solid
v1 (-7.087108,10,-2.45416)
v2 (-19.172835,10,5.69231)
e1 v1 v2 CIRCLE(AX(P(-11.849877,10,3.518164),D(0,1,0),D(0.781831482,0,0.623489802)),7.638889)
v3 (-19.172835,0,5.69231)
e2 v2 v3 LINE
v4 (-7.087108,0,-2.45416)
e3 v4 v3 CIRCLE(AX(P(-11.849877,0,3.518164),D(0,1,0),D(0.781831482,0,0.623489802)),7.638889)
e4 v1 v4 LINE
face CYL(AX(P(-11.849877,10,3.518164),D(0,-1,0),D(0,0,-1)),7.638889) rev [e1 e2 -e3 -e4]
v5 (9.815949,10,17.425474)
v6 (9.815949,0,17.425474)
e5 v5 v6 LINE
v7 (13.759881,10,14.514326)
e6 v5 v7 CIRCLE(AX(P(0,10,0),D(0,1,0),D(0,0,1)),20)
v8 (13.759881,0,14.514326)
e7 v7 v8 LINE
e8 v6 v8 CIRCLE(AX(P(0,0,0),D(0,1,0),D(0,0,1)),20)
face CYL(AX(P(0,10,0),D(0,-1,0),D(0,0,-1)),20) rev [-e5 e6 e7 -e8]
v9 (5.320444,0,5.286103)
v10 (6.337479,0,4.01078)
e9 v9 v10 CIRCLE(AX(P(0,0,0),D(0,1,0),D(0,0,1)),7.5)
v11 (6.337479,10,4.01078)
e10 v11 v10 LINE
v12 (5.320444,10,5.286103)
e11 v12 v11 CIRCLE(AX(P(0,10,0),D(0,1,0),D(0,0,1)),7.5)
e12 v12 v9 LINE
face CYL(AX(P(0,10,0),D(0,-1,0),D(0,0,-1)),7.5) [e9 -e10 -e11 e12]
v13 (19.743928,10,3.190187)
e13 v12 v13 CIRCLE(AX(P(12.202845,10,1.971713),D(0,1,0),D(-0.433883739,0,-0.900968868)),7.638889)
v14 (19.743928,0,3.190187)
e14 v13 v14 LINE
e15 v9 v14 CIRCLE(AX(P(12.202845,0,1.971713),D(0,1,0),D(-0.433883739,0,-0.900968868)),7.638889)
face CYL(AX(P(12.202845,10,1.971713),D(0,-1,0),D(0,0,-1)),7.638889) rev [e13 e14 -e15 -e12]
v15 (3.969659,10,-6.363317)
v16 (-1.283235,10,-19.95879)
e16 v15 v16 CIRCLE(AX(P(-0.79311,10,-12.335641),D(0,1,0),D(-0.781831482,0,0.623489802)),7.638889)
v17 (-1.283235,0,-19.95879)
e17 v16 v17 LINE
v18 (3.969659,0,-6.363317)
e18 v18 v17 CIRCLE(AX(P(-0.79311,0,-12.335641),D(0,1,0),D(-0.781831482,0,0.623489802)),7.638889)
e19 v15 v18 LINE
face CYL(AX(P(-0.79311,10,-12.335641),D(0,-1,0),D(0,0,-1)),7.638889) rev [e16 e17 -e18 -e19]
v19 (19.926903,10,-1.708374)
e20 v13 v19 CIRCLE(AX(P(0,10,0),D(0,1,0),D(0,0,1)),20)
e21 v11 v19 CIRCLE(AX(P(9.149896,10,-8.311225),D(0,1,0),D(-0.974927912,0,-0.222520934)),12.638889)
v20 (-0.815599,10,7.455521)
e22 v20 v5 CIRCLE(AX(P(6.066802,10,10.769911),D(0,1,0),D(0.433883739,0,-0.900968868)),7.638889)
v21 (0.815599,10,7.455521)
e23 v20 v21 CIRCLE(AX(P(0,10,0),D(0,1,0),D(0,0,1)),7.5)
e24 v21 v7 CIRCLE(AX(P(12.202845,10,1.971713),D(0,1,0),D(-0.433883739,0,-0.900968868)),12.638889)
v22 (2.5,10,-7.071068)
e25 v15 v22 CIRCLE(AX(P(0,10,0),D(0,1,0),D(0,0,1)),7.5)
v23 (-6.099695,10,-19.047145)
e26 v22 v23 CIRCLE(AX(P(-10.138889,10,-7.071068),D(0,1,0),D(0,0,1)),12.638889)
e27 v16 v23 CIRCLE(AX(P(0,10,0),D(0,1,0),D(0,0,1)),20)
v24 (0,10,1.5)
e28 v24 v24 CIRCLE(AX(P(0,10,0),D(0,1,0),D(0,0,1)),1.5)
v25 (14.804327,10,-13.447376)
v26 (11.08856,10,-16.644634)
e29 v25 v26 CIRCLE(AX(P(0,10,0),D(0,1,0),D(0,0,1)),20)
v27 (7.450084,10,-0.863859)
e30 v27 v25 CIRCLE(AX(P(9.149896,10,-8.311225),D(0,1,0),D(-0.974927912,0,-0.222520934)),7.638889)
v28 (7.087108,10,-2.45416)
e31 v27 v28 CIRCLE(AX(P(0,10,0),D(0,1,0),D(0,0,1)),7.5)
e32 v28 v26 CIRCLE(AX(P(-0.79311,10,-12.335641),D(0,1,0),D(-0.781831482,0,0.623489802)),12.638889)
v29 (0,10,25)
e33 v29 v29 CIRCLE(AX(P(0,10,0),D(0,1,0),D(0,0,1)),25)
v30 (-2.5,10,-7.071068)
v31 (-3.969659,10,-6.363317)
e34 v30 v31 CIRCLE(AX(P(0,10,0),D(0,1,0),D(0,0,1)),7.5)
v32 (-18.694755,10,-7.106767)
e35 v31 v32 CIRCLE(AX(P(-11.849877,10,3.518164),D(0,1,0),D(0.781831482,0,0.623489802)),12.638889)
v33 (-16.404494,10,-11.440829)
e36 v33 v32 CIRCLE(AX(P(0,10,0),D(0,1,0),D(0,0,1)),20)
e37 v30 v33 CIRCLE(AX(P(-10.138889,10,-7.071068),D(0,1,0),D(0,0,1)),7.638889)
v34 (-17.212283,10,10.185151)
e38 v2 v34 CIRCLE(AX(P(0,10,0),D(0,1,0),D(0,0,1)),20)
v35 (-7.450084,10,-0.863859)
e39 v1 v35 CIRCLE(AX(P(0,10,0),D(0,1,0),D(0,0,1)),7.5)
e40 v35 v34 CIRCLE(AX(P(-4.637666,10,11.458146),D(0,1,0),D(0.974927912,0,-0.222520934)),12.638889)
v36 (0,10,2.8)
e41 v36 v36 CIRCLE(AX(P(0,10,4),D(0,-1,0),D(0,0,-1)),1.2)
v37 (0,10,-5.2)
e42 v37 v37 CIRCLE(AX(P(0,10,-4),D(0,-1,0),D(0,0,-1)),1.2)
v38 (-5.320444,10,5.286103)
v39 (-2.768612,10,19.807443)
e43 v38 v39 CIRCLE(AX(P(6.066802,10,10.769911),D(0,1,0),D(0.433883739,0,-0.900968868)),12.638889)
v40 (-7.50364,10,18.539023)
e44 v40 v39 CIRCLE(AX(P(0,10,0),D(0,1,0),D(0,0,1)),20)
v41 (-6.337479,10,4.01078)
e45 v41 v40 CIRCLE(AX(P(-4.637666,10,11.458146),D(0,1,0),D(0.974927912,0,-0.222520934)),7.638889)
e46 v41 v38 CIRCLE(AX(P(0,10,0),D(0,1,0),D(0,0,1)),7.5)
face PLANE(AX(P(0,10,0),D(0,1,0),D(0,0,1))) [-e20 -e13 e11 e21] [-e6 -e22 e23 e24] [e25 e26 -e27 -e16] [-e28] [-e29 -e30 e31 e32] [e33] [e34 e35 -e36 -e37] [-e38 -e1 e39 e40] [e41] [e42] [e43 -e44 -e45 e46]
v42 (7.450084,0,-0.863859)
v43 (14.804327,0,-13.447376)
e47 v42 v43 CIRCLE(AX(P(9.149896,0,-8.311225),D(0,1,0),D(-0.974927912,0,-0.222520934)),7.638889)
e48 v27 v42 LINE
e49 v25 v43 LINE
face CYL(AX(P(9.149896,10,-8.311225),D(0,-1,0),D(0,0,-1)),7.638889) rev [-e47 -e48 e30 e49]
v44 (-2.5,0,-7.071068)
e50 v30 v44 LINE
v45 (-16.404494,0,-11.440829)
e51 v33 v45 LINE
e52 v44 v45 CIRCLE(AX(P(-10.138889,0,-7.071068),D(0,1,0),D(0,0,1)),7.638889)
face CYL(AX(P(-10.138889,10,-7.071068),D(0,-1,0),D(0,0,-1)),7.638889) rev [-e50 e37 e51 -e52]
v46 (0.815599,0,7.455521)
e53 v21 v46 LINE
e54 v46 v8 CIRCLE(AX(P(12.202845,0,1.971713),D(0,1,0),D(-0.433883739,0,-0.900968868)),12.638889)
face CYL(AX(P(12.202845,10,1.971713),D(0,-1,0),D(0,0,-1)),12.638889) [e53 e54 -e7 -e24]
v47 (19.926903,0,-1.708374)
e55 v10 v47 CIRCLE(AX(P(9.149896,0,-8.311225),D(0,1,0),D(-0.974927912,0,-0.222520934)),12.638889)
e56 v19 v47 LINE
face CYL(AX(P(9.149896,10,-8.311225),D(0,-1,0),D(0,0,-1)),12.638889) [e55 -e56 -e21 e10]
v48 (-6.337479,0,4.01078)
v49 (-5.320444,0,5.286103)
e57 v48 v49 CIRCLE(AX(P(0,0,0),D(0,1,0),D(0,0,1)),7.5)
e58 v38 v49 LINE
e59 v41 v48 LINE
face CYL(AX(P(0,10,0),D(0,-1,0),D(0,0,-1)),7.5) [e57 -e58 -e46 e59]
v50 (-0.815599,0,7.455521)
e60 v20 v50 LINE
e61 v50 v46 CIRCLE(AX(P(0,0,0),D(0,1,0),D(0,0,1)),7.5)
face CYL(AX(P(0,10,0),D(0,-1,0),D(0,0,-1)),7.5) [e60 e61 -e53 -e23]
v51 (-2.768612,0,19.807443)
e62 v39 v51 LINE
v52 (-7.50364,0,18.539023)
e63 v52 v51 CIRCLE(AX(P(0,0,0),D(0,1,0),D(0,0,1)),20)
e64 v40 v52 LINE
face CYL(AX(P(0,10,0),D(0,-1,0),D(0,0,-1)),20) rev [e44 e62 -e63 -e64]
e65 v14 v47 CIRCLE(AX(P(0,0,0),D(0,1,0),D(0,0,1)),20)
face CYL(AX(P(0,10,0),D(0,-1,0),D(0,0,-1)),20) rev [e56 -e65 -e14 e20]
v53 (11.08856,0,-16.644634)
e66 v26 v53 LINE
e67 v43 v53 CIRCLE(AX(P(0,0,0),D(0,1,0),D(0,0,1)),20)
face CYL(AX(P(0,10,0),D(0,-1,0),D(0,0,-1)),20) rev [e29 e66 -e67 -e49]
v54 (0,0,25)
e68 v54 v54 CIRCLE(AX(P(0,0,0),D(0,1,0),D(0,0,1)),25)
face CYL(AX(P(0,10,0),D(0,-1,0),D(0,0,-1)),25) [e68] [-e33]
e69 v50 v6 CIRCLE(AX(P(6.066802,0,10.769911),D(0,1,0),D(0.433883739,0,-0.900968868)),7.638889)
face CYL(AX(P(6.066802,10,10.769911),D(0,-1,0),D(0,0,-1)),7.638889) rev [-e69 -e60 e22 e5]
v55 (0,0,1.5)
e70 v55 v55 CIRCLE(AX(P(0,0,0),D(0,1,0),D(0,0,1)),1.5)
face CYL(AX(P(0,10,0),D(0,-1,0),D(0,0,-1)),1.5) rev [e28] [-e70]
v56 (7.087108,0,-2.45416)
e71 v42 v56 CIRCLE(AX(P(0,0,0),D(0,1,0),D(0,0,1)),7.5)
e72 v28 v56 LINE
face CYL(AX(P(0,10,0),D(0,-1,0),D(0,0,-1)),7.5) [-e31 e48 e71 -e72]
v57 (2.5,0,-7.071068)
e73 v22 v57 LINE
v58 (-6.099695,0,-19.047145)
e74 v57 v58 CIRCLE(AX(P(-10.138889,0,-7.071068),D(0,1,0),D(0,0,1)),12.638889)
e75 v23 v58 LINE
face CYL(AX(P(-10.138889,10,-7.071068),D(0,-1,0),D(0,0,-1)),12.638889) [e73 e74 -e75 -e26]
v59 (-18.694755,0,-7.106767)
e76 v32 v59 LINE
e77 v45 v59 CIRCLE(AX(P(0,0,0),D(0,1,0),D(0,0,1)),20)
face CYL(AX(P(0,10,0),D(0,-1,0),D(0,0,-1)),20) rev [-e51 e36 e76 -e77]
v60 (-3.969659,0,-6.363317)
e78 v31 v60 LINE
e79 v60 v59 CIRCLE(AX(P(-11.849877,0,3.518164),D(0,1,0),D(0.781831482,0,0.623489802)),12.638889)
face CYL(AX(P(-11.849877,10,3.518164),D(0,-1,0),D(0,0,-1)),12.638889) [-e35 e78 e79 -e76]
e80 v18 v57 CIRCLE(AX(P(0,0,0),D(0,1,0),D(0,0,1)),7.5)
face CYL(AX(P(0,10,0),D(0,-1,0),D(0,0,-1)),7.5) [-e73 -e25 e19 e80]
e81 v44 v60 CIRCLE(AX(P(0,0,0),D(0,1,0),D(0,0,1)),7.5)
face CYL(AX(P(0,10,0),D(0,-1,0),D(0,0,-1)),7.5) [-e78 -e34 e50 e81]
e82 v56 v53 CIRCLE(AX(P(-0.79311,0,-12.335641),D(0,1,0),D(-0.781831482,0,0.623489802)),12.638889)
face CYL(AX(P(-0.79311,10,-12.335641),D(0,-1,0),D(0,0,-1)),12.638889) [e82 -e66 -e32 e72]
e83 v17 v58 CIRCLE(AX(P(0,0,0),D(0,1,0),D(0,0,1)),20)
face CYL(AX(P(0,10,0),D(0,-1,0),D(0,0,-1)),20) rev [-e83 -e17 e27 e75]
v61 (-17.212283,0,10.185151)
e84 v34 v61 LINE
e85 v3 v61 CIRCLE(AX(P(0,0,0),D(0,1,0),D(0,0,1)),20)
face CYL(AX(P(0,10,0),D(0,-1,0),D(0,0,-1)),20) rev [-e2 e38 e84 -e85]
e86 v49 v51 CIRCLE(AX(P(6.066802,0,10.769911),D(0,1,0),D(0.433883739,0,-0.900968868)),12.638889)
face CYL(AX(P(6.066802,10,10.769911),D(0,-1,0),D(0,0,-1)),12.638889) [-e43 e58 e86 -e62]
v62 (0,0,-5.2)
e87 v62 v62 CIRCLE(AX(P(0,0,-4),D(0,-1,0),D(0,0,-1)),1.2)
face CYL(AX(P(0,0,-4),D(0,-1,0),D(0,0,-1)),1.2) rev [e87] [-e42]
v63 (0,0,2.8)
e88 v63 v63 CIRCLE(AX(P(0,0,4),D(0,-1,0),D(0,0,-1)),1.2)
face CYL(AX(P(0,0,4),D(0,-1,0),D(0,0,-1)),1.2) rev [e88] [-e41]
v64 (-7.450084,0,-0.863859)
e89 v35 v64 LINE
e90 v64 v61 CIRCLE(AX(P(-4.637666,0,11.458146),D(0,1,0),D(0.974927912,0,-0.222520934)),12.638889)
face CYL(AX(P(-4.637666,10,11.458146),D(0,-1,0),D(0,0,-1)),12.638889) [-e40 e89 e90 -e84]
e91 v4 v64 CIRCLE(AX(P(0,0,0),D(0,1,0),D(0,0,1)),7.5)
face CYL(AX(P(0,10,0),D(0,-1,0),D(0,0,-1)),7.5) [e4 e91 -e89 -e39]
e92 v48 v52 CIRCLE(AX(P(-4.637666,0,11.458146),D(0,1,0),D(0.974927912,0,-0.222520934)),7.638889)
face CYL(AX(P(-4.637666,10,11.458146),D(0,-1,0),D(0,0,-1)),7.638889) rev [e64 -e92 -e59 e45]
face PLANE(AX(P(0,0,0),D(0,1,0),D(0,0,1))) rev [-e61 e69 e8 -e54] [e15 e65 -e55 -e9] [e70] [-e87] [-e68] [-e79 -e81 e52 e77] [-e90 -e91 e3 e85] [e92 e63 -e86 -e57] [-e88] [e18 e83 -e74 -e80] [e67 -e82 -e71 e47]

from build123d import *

# Parameters (mm, degrees)
BASE_REFERENCE_SKETCH_R       = 25
BASE_REFERENCE_SKETCH_R_2     = 1.5
BASE_WHEEL_EXTRUDE_DEPTH      = 10
SPOKES_CIRCULAR_PATTERN_COUNT = 7
M2_CLEARANCE_HOLE1_D          = 2.4
CIRPATTERN1_COUNT             = 2


with BuildPart() as part:
    # Base Reference Sketch → Base Wheel Extrude (new body)
    with BuildSketch(Plane(origin=(0, 0, 0), x_dir=(1, 0, 0), z_dir=(0, 1, 0))):
        with Locations(Location((0, 0, 0), (0, 0, 270))):
            Circle(BASE_REFERENCE_SKETCH_R)
        with BuildLine():
            ThreePointArc((-6.099694515, 19.047144847), (11.877442501, -16.091188882), (-16.404494382, 11.440828819))
            ThreePointArc((-16.404494382, 11.440828819), (-7.848653173, 14.358553237), (-2.5, 7.071067812))
            ThreePointArc((-2.5, 7.071067812), (0, -7.5), (2.5, 7.071067812))
            ThreePointArc((2.5, 7.071067812), (0.127377259, 14.442993729), (-6.099694515, 19.047144847))
        make_face(mode=Mode.SUBTRACT)
        with Locations(Location((0, 0, 0), (0, 0, 270))):
            Circle(BASE_REFERENCE_SKETCH_R_2, mode=Mode.SUBTRACT)
    base_wheel_extrude = extrude(amount=BASE_WHEEL_EXTRUDE_DEPTH)

    # Spokes Circular Pattern: Base Wheel Extrude ×7 about axis
    spokes_circular_pattern_axis = Axis((0, 0, 0), (0, 1, 0))
    for i in range(1, SPOKES_CIRCULAR_PATTERN_COUNT):
        add(base_wheel_extrude.rotate(spokes_circular_pattern_axis, i * 360 / SPOKES_CIRCULAR_PATTERN_COUNT))

    # M2 Clearance Hole1 (through all)
    with Locations(Plane(origin=(0, 0, 0), x_dir=(-1, 0, 0), z_dir=(0, -1, 0))):
        with Locations((0, 4)):
            m2_clearance_hole1 = Hole(M2_CLEARANCE_HOLE1_D / 2)

    # CirPattern1: M2 Clearance Hole1 ×2 about axis
    cirpattern1_axis = Axis((0, 0, 0), (0, 1, 0))
    for i in range(1, CIRPATTERN1_COUNT):
        add(m2_clearance_hole1.rotate(cirpattern1_axis, i * 360 / CIRPATTERN1_COUNT), mode=Mode.SUBTRACT)


solid = part.part
